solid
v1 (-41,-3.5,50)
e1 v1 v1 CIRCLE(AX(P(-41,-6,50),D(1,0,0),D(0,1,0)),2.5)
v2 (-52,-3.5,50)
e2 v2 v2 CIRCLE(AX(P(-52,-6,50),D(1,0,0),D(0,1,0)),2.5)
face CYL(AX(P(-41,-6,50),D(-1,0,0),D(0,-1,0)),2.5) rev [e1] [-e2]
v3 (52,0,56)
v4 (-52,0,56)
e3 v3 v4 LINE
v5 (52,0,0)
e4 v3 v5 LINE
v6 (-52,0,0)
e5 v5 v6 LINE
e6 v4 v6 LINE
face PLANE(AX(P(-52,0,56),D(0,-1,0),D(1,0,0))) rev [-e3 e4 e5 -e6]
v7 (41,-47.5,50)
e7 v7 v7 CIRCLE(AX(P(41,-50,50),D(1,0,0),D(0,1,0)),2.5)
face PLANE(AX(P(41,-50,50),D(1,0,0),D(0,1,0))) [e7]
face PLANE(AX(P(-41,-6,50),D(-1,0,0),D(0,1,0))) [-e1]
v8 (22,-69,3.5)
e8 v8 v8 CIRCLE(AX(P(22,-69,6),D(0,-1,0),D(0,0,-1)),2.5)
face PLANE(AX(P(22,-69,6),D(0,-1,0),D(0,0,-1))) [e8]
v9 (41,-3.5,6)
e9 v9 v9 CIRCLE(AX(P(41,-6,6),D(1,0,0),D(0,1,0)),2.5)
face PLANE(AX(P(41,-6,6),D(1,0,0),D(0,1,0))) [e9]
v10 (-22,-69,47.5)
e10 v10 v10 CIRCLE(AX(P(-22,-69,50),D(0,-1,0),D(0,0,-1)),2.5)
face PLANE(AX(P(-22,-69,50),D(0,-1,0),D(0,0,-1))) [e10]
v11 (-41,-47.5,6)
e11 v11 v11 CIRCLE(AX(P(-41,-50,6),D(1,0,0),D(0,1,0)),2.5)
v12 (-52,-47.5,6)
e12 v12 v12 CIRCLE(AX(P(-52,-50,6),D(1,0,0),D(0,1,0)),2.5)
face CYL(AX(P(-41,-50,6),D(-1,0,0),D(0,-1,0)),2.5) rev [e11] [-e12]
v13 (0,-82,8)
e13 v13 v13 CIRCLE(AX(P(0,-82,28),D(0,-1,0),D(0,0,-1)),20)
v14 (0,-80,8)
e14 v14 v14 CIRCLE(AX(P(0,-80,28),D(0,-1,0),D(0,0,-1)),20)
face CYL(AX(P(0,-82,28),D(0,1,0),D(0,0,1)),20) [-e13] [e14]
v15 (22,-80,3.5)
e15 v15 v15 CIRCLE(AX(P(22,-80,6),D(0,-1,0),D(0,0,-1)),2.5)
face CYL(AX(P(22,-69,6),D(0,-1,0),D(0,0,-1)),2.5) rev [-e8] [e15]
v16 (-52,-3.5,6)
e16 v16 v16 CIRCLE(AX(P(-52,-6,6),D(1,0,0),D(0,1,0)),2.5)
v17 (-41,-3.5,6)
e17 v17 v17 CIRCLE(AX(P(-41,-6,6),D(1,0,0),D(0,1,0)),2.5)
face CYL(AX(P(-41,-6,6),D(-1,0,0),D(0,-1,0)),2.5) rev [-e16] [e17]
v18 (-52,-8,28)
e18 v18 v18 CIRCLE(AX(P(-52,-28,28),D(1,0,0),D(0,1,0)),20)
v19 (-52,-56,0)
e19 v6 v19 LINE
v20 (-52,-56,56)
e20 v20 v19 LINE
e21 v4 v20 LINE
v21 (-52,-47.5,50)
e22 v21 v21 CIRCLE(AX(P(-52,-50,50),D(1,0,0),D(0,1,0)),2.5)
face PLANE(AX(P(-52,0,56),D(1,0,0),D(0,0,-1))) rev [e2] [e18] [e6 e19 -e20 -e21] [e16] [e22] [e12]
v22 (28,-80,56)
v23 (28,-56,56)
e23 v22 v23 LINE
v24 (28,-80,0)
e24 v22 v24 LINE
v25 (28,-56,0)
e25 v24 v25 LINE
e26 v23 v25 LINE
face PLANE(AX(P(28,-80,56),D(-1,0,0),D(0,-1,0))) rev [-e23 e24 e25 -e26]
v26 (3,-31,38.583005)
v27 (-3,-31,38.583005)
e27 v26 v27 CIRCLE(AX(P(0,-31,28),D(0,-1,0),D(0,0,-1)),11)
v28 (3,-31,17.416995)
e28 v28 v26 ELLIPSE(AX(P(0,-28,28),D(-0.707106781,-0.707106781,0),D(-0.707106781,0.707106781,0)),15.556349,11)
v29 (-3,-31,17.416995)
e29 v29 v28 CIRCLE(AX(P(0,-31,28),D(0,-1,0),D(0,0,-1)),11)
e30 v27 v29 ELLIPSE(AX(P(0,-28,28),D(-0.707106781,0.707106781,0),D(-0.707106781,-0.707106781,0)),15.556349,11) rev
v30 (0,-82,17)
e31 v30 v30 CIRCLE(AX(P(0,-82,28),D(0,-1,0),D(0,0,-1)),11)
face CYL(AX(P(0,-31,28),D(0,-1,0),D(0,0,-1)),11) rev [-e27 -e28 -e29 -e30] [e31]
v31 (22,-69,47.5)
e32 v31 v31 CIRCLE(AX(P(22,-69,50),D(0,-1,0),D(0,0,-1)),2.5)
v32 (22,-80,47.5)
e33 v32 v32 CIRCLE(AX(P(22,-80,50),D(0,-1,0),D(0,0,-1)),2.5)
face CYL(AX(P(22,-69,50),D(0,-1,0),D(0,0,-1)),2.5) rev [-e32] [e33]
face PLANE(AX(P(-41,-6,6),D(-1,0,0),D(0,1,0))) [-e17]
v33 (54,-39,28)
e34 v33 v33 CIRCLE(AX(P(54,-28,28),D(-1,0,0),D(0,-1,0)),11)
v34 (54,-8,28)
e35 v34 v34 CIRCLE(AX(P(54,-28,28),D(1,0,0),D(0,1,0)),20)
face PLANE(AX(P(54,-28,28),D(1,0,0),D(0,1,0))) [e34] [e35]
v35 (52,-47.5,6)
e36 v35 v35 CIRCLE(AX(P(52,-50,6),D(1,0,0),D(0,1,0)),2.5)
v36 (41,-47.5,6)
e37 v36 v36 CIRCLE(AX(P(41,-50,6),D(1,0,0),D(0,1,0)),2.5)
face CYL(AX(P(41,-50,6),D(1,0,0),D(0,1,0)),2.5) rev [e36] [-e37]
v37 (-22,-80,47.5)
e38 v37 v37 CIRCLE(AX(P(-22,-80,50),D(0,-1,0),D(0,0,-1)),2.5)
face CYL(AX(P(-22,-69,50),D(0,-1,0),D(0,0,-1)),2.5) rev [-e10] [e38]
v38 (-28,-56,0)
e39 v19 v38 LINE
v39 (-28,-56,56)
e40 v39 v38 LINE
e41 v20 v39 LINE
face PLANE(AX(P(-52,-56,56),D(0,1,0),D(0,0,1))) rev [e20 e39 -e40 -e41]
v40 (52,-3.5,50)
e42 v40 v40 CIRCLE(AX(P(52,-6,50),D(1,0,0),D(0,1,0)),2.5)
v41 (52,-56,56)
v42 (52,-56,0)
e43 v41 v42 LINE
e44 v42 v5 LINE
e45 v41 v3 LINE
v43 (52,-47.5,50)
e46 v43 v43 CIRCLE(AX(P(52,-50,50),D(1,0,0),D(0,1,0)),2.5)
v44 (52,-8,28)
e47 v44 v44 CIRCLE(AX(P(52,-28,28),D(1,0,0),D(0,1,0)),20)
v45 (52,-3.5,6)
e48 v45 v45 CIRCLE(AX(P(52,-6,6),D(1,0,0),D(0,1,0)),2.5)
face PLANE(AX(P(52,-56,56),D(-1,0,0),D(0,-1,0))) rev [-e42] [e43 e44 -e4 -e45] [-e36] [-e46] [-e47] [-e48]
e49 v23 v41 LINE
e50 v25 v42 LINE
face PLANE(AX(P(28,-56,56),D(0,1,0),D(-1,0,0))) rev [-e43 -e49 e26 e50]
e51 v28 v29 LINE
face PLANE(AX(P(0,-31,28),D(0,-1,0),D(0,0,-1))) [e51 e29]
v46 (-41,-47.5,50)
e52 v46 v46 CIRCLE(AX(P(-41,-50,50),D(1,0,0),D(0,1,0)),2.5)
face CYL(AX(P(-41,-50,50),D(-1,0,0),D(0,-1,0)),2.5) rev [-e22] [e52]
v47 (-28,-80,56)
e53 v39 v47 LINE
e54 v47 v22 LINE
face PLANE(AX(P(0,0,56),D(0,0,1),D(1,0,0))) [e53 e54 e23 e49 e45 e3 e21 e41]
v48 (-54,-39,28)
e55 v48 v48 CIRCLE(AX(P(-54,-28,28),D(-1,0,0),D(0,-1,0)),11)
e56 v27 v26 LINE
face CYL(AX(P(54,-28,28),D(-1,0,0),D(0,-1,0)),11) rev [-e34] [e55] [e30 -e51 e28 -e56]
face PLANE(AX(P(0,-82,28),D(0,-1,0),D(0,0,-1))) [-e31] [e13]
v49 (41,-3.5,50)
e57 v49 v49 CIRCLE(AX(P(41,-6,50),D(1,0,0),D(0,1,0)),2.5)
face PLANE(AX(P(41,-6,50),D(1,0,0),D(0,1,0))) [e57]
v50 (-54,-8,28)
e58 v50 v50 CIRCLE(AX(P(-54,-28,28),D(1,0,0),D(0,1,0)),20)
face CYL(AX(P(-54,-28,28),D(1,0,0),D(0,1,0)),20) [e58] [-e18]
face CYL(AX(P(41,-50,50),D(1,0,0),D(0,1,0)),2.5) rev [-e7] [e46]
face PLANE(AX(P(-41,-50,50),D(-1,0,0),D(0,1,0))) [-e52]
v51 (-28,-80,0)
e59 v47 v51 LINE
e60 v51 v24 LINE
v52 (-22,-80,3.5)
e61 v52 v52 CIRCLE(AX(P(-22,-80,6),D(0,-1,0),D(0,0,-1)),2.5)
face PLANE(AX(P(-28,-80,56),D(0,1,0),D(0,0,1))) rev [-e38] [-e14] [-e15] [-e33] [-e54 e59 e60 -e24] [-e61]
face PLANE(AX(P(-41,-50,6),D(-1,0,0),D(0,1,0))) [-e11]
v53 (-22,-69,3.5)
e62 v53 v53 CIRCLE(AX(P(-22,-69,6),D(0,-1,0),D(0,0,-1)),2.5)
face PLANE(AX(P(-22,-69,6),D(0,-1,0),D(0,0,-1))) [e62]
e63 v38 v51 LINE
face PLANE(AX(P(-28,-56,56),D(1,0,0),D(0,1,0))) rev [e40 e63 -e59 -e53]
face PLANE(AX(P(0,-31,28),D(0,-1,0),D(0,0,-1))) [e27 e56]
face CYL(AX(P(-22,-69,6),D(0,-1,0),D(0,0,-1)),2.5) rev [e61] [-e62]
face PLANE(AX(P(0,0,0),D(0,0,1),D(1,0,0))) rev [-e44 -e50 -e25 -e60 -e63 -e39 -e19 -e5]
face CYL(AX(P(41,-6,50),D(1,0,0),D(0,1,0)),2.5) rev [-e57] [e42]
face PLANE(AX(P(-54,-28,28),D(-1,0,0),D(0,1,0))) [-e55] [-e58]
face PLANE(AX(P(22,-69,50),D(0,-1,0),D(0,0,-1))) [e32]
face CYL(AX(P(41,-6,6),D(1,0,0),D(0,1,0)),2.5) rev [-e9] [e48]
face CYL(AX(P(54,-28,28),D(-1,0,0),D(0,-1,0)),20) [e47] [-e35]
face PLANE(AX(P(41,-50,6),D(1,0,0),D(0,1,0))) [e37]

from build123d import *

# Parameters (mm, degrees)
BOSS_EXTRUDE1_DEPTH     = 56
SKETCH2_R               = 20
BOSS_EXTRUDE2_DEPTH     = 2
SKETCH4_R               = 20
BOSS_EXTRUDE3_DEPTH     = 2
SKETCH5_R               = 2.5
CUT_EXTRUDE1_DEPTH      = 11
SKETCH6_R               = 2.5
CUT_EXTRUDE2_DEPTH      = 11
CUT_EXTRUDE3_DEPTH      = 147.710599481
CUT_EXTRUDE3_DEPTH_BACK = 147.710599481
SKETCH7_R               = 11
SKETCH8_R               = 11
CUT_EXTRUDE4_DEPTH      = 51


with BuildPart() as part:
    # Sketch1 → Boss-Extrude1 (new body)
    with BuildSketch(Plane.XY):
        Polygon((-52, 0), (52, 0), (52, -56), (28, -56), (28, -80), (-28, -80), (-28, -56), (-52, -56), align=None)
    extrude(amount=BOSS_EXTRUDE1_DEPTH)

    # Sketch2 → Boss-Extrude2 (add)
    with BuildSketch(Plane(origin=(52, 0, 0), x_dir=(0, 0, -1), z_dir=(1, 0, 0))):
        with Locations(Location((-28, -28, 0), (0, 0, 90))):
            Circle(SKETCH2_R)
    boss_extrude2 = extrude(amount=BOSS_EXTRUDE2_DEPTH)

    # Mirror1: Boss-Extrude2 across plane
    add(boss_extrude2.mirror(Plane(origin=(0, 0, 0), x_dir=(0, 0, 1), z_dir=(1, 0, 0))))

    # Sketch4 → Boss-Extrude3 (add)
    with BuildSketch(Plane.XZ.offset(80)):
        with Locations(Location((0, 28, 0), (0, 0, 270))):
            Circle(SKETCH4_R)
    extrude(amount=BOSS_EXTRUDE3_DEPTH)

    # Sketch5 → Cut-Extrude1 (cut)
    with BuildSketch(Plane(origin=(52, 0, 0), x_dir=(0, 0, -1), z_dir=(1, 0, 0))):
        with Locations(Location((-50, -6, 0), (0, 0, 90))):
            Circle(SKETCH5_R)
        with Locations(Location((-50, -50, 0), (0, 0, 90))):
            Circle(SKETCH5_R)
        with Locations(Location((-6, -50, 0), (0, 0, 90))):
            Circle(SKETCH5_R)
        with Locations(Location((-6, -6, 0), (0, 0, 90))):
            Circle(SKETCH5_R)
    cut_extrude1 = extrude(amount=-CUT_EXTRUDE1_DEPTH, mode=Mode.SUBTRACT)

    # Mirror2: Cut-Extrude1 across plane
    add(cut_extrude1.mirror(Plane(origin=(0, 0, 0), x_dir=(0, 0, 1), z_dir=(1, 0, 0))), mode=Mode.SUBTRACT)

    # Sketch6 → Cut-Extrude2 (cut)
    with BuildSketch(Plane.XZ.offset(80)):
        with Locations(Location((-22, 50, 0), (0, 0, 270))):
            Circle(SKETCH6_R)
        with Locations(Location((22, 50, 0), (0, 0, 270))):
            Circle(SKETCH6_R)
        with Locations(Location((22, 6, 0), (0, 0, 270))):
            Circle(SKETCH6_R)
        with Locations(Location((-22, 6, 0), (0, 0, 270))):
            Circle(SKETCH6_R)
    extrude(amount=-CUT_EXTRUDE2_DEPTH, mode=Mode.SUBTRACT)

    # Sketch7 → Cut-Extrude3 (cut, two sides: drawn at the far end of the back side and taken through both)
    with BuildSketch(Plane.ZY.offset(54).offset(-CUT_EXTRUDE3_DEPTH_BACK)):
        with Locations(Location((28, -28, 0), (0, 0, 270))):
            Circle(SKETCH7_R)
    extrude(amount=CUT_EXTRUDE3_DEPTH + CUT_EXTRUDE3_DEPTH_BACK, mode=Mode.SUBTRACT)

    # Sketch8 → Cut-Extrude4 (cut)
    with BuildSketch(Plane.XZ.offset(82)):
        with Locations(Location((0, 28, 0), (0, 0, 270))):
            Circle(SKETCH8_R)
    extrude(amount=-CUT_EXTRUDE4_DEPTH, mode=Mode.SUBTRACT)


solid = part.part
